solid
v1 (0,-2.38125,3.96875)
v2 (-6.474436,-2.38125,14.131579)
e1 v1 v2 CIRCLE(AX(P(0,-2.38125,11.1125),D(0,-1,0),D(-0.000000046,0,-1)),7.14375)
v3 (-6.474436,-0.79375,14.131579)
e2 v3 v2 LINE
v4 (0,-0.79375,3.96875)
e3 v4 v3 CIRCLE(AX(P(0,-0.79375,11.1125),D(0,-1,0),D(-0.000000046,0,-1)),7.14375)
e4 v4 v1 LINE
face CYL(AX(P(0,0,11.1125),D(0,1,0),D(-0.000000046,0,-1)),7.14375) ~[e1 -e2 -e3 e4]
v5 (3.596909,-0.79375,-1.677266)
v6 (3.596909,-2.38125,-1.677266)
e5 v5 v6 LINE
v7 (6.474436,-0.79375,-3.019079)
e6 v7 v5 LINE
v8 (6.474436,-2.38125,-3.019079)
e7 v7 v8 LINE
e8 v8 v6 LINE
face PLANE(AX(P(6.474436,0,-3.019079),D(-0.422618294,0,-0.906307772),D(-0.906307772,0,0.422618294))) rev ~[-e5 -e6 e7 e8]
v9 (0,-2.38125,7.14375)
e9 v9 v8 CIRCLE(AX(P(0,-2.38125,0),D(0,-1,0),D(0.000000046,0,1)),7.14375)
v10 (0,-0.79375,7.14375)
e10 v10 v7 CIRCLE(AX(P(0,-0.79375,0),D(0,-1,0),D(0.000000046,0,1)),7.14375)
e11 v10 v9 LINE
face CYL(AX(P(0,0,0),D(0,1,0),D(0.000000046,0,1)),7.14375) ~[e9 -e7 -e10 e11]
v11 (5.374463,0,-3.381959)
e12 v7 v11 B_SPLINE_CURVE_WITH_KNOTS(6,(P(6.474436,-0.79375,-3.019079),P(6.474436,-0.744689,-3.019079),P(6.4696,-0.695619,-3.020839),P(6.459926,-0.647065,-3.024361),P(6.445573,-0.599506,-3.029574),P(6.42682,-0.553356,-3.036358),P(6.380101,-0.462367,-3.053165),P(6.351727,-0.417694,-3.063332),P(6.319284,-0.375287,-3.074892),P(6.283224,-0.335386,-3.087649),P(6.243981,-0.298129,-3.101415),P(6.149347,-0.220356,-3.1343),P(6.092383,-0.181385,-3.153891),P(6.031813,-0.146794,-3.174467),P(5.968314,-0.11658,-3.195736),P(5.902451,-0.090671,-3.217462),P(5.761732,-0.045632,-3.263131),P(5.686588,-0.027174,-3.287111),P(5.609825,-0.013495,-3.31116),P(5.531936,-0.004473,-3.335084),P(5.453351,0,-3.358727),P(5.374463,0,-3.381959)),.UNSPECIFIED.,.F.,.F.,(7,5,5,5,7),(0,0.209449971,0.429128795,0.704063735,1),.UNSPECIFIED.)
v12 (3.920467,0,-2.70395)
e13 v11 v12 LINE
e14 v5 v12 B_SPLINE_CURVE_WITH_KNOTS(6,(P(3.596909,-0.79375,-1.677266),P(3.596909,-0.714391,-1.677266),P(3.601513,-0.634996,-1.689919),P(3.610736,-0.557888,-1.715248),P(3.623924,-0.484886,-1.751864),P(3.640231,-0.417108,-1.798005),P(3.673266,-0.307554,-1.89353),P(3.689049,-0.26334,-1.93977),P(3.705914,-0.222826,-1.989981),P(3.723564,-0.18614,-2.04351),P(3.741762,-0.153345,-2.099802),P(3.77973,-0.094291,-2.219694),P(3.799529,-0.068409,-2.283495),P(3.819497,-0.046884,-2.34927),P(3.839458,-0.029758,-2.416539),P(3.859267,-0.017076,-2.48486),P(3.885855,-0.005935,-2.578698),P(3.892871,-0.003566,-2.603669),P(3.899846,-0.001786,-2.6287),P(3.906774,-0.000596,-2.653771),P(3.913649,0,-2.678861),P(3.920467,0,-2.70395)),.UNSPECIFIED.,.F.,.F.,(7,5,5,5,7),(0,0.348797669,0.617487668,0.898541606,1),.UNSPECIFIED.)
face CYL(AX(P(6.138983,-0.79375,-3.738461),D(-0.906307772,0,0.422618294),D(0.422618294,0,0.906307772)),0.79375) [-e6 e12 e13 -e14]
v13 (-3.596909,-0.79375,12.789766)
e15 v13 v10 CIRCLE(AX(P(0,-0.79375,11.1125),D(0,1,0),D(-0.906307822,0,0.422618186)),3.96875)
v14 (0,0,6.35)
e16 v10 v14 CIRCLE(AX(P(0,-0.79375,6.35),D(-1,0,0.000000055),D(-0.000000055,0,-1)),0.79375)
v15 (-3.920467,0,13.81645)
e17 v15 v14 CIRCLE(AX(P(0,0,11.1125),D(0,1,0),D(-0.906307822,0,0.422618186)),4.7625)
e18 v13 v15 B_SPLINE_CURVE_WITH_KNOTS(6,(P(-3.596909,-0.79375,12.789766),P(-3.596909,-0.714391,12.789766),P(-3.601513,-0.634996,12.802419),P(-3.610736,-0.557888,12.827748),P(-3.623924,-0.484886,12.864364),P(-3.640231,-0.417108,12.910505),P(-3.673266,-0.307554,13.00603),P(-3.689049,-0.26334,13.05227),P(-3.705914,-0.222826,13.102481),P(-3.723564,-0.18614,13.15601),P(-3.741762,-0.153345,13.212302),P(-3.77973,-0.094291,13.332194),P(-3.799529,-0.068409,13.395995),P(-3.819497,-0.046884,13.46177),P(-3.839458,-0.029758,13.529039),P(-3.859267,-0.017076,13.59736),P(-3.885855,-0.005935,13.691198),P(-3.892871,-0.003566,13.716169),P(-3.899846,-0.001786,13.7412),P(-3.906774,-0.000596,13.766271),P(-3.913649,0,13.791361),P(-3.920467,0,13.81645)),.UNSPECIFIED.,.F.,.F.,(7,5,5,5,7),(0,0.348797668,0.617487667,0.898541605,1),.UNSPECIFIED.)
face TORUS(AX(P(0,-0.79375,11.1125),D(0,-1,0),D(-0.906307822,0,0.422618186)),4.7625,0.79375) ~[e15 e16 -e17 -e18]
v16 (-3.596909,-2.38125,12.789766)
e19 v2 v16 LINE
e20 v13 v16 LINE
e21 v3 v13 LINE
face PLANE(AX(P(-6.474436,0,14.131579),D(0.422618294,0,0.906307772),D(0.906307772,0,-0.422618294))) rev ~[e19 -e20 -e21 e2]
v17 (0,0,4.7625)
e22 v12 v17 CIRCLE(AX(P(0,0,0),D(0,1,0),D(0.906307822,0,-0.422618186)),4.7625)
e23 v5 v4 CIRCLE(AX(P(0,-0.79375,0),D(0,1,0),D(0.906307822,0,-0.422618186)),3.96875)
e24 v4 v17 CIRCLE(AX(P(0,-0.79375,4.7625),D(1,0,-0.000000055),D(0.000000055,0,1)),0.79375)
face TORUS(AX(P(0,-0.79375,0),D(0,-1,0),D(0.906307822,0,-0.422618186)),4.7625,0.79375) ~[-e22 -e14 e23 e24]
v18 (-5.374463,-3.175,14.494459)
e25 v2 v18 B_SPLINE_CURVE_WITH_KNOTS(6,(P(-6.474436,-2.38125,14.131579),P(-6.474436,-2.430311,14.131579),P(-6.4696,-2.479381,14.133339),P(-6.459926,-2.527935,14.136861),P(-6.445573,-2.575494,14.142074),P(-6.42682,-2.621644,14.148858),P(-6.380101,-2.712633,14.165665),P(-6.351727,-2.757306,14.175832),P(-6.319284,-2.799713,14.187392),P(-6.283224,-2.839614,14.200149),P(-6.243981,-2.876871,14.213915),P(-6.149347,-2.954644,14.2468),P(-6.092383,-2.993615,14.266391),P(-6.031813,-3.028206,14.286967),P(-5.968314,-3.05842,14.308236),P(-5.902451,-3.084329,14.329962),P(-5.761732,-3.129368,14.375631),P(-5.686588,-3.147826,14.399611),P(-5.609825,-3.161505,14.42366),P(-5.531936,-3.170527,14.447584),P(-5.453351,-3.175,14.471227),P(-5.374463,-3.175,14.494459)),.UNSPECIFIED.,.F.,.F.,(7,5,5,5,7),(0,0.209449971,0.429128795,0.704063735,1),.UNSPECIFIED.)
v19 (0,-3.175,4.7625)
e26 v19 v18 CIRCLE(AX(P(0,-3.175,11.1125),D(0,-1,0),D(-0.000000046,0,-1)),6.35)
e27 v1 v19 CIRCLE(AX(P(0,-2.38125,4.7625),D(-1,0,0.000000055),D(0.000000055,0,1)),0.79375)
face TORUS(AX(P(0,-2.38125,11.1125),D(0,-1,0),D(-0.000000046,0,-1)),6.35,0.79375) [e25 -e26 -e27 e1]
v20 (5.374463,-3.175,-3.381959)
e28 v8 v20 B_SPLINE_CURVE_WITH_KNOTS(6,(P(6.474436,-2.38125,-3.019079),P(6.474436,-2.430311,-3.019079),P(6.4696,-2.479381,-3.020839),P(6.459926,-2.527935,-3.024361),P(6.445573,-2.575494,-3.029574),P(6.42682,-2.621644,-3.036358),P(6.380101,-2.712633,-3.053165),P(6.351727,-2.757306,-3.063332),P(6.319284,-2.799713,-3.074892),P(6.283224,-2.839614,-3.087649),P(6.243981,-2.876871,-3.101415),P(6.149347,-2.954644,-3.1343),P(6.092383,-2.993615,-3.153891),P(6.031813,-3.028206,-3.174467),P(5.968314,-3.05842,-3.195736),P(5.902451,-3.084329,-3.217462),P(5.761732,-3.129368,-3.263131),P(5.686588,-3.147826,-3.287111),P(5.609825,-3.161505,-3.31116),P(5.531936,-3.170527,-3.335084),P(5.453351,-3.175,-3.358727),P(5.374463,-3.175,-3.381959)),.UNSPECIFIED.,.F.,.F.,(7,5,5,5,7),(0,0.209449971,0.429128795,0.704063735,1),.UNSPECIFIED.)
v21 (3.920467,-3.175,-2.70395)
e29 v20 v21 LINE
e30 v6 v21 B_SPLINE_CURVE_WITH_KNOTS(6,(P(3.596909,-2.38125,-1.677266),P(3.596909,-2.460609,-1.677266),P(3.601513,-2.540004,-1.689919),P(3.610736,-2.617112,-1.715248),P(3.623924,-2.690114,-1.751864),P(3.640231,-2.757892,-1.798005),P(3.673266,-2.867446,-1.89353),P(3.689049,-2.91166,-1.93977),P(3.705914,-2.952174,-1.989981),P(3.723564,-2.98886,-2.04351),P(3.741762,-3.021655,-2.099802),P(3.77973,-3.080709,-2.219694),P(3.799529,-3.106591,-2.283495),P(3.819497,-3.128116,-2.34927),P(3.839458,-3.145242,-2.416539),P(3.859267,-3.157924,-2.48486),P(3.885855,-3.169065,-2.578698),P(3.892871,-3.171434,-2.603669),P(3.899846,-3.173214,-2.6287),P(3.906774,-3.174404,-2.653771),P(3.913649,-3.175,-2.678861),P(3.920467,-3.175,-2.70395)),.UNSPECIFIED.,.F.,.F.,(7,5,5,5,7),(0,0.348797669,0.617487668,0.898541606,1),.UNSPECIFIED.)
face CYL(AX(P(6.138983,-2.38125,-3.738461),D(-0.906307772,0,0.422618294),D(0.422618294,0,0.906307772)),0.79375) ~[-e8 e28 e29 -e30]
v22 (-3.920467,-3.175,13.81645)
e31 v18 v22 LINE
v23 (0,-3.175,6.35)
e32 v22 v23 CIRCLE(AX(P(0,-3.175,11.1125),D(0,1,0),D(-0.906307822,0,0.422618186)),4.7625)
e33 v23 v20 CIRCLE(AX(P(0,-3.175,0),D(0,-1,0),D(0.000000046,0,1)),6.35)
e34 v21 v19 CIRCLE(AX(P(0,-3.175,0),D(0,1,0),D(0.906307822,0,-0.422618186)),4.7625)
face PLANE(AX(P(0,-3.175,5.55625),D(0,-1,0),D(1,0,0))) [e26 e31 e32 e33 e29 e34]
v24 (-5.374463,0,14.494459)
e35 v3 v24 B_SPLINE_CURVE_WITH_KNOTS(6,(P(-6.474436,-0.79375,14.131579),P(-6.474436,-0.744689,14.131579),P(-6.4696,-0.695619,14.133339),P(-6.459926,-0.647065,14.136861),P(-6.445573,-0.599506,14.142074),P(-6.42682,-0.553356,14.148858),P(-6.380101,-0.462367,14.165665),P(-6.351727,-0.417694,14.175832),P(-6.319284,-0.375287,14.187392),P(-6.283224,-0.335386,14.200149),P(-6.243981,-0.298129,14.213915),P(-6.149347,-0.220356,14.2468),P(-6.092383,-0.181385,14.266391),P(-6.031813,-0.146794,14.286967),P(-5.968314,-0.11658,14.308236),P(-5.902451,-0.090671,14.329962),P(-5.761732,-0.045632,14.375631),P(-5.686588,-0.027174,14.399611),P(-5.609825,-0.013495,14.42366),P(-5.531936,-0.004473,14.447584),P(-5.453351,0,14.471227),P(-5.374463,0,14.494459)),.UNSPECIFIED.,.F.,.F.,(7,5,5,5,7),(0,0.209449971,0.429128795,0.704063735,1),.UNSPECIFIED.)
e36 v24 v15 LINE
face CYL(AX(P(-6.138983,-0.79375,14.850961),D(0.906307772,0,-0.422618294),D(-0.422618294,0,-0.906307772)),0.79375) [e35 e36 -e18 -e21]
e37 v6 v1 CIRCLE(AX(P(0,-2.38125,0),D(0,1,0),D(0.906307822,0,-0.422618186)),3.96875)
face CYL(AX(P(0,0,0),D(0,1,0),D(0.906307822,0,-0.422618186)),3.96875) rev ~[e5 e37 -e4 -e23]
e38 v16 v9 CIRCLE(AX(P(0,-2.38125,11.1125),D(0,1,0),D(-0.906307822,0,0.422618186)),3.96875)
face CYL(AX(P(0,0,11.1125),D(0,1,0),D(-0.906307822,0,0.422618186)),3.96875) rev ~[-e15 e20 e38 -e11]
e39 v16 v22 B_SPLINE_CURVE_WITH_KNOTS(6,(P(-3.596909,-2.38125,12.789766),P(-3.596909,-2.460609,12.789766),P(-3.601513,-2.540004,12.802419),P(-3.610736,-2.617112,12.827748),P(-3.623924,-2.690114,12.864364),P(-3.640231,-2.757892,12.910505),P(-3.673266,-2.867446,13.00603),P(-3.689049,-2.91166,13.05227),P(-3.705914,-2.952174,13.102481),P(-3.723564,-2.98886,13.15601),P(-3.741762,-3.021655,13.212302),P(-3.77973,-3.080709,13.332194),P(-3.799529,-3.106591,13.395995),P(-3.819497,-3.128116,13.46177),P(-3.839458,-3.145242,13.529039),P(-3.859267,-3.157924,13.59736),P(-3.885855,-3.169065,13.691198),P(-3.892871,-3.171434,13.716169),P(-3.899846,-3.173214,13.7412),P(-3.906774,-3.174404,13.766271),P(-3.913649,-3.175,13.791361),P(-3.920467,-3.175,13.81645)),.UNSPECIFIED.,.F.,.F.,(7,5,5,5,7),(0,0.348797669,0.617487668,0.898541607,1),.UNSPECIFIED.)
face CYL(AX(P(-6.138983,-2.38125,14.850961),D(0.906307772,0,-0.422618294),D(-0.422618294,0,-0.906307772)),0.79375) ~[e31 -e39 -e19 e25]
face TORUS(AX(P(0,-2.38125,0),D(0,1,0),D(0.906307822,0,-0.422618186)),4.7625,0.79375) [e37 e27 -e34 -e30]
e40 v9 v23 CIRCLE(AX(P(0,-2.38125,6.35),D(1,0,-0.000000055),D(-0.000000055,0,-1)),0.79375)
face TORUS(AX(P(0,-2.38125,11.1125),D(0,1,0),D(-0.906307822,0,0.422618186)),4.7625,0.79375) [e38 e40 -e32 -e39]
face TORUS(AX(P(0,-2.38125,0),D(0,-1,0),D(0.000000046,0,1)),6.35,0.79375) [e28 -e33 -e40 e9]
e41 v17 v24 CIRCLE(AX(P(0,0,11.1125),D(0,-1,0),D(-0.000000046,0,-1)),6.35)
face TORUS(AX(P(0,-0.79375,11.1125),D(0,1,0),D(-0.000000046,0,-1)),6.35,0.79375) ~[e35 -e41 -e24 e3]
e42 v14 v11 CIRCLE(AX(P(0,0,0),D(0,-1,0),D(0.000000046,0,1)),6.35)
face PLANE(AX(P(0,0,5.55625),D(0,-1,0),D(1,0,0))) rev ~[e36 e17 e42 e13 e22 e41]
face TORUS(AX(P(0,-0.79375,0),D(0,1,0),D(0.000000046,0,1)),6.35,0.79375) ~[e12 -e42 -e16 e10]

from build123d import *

# Parameters (mm, degrees)
F1_DEPTH = 3.175
F2_R     = 0.79375


with BuildPart() as f1:
    # F0 (on Front) → F1 (new body)
    with BuildSketch(Plane.XZ):
        with BuildLine():
            ThreePointArc((-3.596909, 12.789766), (3.34721, 13.244908), (0, 7.14375))
            ThreePointArc((0, 7.14375), (-6.024978, -3.838334), (6.474436, -3.019079))
            Line((6.474436, -3.019079), (3.596909, -1.677266))
            ThreePointArc((3.596909, -1.677266), (-3.34721, -2.132408), (0, 3.96875))
            ThreePointArc((0, 3.96875), (6.024978, 14.950834), (-6.474436, 14.131579))
            Line((-6.474436, 14.131579), (-3.596909, 12.789766))
        make_face()
    extrude(amount=F1_DEPTH)

    # F2
    f2_edges = [f1.edges().sort_by_distance(p)[0] for p in [
        (-5.035673, -3.175, 13.460673),
        (3.34721, -3.175, 13.244908),
        (-6.024978, -3.175, -3.838334),
        (5.035673, -3.175, -2.348173),
        (-3.34721, -3.175, -2.132408),
        (6.024978, -3.175, 14.950834),
        (-5.035673, 0, 13.460673),
        (3.34721, 0, 13.244908),
        (-6.024978, 0, -3.838334),
        (5.035673, 0, -2.348173),
        (-3.34721, 0, -2.132408),
        (6.024978, 0, 14.950834),
    ]]
    fillet(f2_edges, radius=F2_R)


solid = f1.part
